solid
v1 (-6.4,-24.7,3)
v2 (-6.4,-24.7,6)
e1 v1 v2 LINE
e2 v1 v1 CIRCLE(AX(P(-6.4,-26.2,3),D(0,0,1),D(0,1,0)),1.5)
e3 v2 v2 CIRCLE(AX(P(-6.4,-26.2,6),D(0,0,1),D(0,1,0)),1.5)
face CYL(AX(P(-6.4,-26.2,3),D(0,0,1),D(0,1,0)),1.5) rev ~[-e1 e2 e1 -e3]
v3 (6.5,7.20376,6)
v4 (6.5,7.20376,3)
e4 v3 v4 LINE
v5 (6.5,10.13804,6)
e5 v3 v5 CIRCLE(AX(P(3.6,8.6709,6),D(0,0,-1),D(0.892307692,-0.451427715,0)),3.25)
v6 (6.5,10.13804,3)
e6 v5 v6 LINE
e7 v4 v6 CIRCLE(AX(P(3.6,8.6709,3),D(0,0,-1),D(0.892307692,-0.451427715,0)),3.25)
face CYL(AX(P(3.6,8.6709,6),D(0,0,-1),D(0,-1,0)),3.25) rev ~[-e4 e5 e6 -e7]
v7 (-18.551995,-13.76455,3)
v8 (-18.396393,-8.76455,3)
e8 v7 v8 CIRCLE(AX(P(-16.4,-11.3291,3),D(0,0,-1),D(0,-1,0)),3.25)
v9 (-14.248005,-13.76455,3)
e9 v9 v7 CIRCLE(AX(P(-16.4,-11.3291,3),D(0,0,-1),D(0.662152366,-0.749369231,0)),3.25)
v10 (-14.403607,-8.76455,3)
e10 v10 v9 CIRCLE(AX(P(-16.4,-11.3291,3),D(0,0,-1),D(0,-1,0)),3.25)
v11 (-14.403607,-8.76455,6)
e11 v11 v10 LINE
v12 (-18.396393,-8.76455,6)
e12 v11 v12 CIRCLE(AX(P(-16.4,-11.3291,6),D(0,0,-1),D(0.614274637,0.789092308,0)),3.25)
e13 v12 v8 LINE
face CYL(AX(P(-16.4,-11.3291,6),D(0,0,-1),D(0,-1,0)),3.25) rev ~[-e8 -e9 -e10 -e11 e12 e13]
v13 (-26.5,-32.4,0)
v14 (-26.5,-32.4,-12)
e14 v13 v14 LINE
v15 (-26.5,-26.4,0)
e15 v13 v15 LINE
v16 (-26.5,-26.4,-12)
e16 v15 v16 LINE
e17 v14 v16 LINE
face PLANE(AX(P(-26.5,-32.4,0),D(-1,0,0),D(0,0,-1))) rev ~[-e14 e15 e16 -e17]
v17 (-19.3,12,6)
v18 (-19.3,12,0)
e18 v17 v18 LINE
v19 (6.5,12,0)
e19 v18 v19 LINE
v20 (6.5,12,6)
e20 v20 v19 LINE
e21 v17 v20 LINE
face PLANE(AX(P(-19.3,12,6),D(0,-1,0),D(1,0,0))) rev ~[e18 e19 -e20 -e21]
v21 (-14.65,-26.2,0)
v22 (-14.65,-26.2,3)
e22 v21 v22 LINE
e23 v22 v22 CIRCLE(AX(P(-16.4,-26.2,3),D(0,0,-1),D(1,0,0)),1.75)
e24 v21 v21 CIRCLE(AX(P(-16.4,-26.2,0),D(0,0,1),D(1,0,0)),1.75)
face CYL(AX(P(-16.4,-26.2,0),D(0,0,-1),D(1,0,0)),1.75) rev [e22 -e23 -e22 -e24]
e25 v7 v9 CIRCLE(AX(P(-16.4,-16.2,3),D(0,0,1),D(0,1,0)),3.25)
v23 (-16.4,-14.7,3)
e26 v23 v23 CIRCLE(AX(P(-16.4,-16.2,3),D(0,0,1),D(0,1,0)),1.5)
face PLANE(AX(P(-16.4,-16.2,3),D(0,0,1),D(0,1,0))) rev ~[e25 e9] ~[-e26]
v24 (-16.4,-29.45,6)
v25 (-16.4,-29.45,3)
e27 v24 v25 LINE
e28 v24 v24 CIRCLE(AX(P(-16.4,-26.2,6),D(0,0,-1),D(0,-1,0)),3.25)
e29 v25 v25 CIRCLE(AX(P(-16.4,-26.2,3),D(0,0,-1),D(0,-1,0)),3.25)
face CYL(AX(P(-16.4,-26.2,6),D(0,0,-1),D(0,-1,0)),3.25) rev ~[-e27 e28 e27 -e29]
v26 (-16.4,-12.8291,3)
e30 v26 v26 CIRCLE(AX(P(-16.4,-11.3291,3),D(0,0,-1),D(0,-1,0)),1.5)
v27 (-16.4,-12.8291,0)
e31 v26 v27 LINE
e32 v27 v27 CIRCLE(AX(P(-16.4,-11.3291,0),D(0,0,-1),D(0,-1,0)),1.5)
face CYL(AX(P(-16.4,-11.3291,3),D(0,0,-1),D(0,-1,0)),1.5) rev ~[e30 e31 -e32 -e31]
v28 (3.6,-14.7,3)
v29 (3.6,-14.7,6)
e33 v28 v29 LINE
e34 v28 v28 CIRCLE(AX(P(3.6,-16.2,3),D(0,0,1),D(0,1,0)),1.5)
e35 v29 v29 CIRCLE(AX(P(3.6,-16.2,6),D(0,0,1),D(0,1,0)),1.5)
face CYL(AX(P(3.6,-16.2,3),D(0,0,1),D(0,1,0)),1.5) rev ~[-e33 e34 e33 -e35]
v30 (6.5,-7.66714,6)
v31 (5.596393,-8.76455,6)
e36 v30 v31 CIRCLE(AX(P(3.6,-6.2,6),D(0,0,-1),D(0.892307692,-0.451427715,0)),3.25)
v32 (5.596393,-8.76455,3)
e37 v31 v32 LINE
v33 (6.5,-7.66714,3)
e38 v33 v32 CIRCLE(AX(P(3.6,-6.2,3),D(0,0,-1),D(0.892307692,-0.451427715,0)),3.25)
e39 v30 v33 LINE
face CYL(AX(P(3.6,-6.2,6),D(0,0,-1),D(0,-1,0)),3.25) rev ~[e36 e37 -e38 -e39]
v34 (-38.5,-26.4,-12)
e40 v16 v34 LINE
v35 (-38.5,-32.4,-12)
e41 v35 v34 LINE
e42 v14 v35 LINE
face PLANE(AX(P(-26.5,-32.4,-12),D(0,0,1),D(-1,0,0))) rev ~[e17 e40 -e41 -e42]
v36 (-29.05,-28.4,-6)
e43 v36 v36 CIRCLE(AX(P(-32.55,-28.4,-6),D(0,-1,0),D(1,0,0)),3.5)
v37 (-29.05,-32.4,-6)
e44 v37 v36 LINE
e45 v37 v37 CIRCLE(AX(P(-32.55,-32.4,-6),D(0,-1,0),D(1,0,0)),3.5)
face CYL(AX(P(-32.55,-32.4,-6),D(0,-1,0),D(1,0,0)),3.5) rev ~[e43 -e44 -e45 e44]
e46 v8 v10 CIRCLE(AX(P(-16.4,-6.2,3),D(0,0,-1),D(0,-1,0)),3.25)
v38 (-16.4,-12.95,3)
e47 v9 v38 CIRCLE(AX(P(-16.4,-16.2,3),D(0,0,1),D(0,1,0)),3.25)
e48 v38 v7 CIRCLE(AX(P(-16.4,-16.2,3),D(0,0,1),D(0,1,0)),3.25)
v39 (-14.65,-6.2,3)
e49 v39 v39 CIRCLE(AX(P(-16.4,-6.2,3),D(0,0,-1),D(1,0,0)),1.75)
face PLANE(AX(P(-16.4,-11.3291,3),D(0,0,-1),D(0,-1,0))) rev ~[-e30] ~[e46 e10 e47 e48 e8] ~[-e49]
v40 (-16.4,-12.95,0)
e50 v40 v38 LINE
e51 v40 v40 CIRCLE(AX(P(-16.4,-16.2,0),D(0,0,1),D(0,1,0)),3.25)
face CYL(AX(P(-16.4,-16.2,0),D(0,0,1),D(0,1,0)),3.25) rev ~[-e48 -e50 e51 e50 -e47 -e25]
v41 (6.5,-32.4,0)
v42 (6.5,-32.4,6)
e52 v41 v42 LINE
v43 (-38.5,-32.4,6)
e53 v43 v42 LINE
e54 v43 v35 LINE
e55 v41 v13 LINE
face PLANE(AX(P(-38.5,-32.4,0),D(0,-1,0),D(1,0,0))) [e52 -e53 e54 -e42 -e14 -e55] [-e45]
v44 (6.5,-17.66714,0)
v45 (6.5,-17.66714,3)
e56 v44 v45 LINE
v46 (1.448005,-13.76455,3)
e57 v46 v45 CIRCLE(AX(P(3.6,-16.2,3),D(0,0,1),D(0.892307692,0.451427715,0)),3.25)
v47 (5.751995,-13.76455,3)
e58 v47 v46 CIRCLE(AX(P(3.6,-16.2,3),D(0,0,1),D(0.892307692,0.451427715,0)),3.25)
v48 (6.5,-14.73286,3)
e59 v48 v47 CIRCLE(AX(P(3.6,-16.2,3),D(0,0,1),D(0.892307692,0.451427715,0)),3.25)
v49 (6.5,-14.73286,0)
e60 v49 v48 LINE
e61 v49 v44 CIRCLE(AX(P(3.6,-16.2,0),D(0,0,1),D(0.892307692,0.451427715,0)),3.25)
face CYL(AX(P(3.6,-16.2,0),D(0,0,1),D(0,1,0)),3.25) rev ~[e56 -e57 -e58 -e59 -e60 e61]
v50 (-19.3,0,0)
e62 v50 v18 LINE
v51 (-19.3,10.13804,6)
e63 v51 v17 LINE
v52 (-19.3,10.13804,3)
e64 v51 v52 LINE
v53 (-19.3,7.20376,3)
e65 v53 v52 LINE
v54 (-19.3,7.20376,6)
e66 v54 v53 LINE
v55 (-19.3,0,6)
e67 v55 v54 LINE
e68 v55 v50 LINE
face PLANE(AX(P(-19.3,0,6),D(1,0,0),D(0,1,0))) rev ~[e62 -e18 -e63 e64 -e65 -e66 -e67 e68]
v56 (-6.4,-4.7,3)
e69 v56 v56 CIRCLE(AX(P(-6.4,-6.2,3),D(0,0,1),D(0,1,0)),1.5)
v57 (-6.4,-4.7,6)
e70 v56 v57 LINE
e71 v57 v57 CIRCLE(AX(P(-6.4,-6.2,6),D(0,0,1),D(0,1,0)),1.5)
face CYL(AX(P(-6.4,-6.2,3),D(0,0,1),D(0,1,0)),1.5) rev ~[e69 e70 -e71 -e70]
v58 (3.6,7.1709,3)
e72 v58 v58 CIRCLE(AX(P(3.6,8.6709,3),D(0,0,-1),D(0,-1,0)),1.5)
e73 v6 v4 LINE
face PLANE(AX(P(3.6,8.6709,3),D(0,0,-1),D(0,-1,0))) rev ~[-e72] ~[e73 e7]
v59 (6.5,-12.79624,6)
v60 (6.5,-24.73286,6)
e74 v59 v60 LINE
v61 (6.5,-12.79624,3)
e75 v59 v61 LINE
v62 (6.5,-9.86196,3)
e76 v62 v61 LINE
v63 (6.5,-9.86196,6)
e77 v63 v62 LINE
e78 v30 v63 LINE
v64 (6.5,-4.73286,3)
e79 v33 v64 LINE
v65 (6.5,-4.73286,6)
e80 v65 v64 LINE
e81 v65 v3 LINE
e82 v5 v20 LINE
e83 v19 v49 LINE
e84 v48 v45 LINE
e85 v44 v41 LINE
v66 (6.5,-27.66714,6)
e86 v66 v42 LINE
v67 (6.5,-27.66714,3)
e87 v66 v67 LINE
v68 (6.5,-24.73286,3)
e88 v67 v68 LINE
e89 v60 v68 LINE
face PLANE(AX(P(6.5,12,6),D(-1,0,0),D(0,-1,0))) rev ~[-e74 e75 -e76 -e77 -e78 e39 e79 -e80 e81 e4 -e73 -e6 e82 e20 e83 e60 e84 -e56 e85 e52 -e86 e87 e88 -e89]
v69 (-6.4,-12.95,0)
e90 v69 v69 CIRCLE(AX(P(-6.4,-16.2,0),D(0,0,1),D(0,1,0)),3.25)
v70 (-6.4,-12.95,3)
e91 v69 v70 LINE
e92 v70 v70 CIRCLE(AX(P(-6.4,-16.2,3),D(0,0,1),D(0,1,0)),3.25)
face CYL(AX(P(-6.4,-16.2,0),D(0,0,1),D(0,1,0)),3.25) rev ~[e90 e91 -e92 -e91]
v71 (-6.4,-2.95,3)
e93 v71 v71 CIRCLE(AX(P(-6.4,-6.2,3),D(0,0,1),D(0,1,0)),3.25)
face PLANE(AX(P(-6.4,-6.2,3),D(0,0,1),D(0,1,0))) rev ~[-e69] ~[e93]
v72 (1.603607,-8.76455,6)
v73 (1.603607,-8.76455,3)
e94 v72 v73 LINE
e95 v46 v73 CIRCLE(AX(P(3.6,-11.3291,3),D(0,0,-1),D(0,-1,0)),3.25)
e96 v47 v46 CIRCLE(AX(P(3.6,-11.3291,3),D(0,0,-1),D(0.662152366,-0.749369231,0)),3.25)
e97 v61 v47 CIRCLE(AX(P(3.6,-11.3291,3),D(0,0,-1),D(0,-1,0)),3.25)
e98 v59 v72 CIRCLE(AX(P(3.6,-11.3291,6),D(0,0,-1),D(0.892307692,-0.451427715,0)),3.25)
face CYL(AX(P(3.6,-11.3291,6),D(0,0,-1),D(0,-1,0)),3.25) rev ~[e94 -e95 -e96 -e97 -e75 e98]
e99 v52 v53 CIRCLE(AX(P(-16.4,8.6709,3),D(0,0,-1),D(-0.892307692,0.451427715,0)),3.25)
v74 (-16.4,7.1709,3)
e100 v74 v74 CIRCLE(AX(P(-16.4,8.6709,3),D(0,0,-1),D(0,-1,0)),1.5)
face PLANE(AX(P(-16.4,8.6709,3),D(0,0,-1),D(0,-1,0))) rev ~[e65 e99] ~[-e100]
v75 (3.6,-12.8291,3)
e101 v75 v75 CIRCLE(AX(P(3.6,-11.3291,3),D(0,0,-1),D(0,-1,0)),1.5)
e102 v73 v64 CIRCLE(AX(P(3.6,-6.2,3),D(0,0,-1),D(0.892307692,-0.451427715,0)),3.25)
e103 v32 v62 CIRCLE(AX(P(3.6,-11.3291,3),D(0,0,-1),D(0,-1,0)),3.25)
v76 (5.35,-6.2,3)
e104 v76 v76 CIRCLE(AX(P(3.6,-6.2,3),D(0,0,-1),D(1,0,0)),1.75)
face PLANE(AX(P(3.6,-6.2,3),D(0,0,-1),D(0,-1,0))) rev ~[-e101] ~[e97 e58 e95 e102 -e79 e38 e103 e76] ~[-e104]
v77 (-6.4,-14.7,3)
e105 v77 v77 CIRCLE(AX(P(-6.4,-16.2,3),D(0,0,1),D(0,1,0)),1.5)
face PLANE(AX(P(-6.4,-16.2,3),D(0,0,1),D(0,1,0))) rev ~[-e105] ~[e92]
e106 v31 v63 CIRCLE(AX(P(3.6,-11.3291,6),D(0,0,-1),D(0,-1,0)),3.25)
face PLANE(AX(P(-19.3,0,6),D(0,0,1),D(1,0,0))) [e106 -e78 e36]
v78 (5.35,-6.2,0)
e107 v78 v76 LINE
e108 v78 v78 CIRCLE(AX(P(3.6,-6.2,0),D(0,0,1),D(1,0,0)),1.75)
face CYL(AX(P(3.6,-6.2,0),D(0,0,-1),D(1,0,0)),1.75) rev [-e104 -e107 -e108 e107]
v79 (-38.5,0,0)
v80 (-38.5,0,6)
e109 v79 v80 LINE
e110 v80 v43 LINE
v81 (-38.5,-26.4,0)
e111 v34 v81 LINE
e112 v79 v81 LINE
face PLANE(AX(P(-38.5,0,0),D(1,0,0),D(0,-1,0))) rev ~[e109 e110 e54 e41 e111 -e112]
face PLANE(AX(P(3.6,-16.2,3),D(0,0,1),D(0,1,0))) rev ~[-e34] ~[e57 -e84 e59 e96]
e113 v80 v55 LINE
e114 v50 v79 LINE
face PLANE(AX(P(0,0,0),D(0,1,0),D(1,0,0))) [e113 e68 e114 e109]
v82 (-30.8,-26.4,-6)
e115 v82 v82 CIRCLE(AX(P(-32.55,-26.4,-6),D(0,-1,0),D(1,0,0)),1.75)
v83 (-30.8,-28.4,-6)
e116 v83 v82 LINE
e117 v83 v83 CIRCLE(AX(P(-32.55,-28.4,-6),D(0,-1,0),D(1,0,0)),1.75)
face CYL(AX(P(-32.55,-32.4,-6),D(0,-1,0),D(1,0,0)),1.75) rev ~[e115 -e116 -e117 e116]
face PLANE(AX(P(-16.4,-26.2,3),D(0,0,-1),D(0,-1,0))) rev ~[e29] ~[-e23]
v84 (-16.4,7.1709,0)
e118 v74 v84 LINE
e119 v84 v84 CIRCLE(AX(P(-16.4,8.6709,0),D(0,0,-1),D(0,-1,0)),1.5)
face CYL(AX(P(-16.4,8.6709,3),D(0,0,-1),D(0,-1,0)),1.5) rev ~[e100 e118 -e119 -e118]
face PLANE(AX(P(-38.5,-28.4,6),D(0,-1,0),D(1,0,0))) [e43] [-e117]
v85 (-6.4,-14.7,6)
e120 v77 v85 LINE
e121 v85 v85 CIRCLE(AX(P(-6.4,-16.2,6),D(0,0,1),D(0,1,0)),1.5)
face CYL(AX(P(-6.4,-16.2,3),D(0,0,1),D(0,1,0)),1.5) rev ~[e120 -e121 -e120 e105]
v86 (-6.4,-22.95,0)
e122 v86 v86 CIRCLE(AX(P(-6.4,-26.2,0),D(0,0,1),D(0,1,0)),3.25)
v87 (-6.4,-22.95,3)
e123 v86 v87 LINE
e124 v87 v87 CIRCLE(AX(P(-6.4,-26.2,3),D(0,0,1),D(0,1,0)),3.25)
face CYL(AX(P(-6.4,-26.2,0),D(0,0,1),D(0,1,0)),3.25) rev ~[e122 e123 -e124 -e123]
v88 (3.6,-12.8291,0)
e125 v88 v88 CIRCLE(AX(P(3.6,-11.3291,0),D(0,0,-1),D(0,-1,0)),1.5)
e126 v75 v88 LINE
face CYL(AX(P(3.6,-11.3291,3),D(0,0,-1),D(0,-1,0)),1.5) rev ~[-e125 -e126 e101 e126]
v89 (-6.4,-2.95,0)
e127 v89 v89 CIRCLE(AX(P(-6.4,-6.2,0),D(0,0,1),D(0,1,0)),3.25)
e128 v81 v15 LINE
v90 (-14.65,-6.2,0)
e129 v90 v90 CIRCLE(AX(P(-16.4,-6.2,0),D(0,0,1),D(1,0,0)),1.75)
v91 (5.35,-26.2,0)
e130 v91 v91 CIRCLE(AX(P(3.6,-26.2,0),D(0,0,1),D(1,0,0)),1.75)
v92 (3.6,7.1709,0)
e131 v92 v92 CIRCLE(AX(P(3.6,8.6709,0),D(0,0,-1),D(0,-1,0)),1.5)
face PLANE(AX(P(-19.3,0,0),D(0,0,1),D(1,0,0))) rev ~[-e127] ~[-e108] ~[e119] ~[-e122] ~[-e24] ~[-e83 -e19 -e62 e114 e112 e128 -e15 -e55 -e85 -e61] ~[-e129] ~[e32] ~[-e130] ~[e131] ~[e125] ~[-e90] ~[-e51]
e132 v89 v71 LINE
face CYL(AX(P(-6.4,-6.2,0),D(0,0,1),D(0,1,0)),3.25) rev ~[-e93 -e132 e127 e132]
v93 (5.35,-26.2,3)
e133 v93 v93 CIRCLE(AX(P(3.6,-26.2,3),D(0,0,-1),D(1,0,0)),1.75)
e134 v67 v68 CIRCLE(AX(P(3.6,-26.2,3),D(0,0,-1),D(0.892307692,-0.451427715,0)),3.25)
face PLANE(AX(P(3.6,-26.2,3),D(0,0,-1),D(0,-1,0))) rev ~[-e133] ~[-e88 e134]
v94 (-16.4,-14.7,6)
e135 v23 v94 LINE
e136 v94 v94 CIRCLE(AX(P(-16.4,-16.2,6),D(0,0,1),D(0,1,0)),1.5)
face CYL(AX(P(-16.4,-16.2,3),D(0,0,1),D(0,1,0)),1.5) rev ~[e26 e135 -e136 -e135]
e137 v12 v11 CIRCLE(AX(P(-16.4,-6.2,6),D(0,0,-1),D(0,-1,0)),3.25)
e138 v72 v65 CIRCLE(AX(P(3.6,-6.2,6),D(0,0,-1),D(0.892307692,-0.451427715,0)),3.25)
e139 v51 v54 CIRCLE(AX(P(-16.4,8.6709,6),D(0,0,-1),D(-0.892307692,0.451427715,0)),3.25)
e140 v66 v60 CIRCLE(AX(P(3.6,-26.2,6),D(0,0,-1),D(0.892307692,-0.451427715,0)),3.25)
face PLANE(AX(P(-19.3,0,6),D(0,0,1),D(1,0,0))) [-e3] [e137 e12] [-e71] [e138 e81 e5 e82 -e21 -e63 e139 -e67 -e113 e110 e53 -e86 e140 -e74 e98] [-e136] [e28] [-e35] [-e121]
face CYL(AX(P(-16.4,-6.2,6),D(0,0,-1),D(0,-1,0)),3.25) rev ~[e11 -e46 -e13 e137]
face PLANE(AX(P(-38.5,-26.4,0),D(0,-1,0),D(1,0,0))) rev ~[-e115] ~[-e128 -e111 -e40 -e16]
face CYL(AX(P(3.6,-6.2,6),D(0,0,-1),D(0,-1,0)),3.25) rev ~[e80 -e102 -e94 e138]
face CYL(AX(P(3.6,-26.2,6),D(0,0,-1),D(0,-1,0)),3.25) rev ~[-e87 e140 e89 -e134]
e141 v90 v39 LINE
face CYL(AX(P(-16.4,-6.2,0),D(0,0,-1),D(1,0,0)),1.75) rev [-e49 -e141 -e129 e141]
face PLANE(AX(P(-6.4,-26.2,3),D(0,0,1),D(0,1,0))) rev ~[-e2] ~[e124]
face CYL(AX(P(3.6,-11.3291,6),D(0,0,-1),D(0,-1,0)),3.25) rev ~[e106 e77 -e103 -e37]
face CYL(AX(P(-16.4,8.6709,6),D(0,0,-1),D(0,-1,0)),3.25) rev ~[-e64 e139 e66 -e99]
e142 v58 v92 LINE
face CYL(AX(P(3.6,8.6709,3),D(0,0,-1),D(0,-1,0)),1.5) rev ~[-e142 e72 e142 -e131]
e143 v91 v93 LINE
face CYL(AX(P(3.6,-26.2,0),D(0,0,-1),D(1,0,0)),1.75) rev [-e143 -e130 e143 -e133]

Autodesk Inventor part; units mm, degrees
ref_plane "YZ Plane" through (0, 0, 0) normal (1, 0, 0) x (0, 1, 0)
ref_plane "XZ Plane" through (0, 0, 0) normal (0, 1, 0) x (-1, 0, 0)
ref_plane "XY Plane" through (0, 0, 0) normal (0, 0, 1) x (1, 0, 0)
ref_plane "Arbeitsebene1" through (-19.3, 0, 0) normal (0, 0, 1) x (1, 0, 0)
sketch "Skizze1" plane through (-19.3, 0, 0) normal (0, 0, 1) x (1, 0, 0)
  line L0 (19.3, -32.4) -> (25.8, -32.4) projected
  line L1 (25.8, 0) -> (25.8, -32.4) projected
  line L2 (19.3, 0) -> (25.8, 0) projected
  line L3 (19.3, 0) -> (19.3, -32.4) projected
  circle A0 centre (22.9, -6.2) radius 1.75 projected
  circle A1 centre (22.9, -26.2) radius 1.75 projected
  line L4 (0, -32.4) -> (6.5, -32.4) projected
  line L5 (6.5, 0) -> (6.5, -32.4) projected
  line L6 (0, 0) -> (6.5, 0) projected
  line L7 (0, 0) -> (0, -32.4) projected
  circle A2 centre (2.9, -6.2) radius 1.75 projected
  circle A3 centre (2.9, -26.2) radius 1.75 projected
  line L8 (25.8, 0) -> (-19.2, 0)
  line L9 (-19.2, 0) -> (-19.2, -32.4)
  line L10 (-19.2, -32.4) -> (25.8, -32.4)
  line L11 (25.8, -32.4) -> (25.8, 0)
  dimension "d0" = 45
extrude "Extrusion1" add sketch "Skizze1" along normal blind 6
sketch "Skizze2" plane through (-38.5, -32.4, 0) normal (0, -1, 0) x (1, 0, 0)
  circle A0 centre (5.95, -6) radius 1.75 projected
  line L0 (0, 0) -> (45, 0) projected
  line L1 (45, 0) -> (45, 6) projected
  line L2 (0, 6) -> (45, 6) projected
  line L3 (0, 0) -> (0, 6) projected
  line L4 (45, 0) -> (0, 0) projected
  line L5 (0, 0) -> (12, 0)
  line L6 (12, 0) -> (12, -12)
  line L7 (12, -12) -> (0, -12)
  line L8 (0, -12) -> (0, 0)
  circle A1 centre (5.95, -6) radius 1.6
  point P0 (38.5, 0)
  dimension "d3" = 12
  dimension "d4" = 12
  dimension "d5" = 3.2
extrude "Extrusion2" add sketch "Skizze2" against normal blind 6 contours L0 L6 L7 L8
sketch "Skizze3" plane through (-19.3, 0, 6) normal (0, 0, 1) x (1, 0, 0)
  circle A0 centre (22.9, -6.2) radius 1.75 projected
  circle A1 centre (22.9, -26.2) radius 1.75 projected
  circle A2 centre (2.9, -26.2) radius 1.75 projected
  circle A3 centre (2.9, -6.2) radius 1.75 projected
  point P0 (19.3, 0)
hole "Bohrung1" at (3.6, -26.2, 6) at (3.6, -6.2, 6) at (-16.4, -6.2, 6) at (-16.4, -26.2, 6) direction (0, 0, -1) diameter 3 end through all counterbore diameter 6.5 counterbore depth 3
sketch "Skizze4" plane through (-19.3, 0, 0) normal (0, 0, 1) x (1, 0, 0)
  arc A0 (25.8, -24.7328) -> (25.8, -27.6672) centre (22.9, -26.2) ccw projected
  line L0 (25.8, -24.7328) -> (25.8, -7.6672) projected
  arc A1 (25.8, -4.7328) -> (25.8, -7.6672) centre (22.9, -6.2) ccw projected
  line L1 (25.8, -4.7328) -> (25.8, 0) projected
  line L2 (25.8, 0) -> (-19.2, 0) projected
  line L3 (-19.2, 0) -> (-19.2, -32.4) projected
  line L4 (-19.2, -32.4) -> (25.8, -32.4) projected
  line L5 (25.8, -32.4) -> (25.8, -27.6672) projected
  circle A2 centre (2.9, -26.2) radius 3.25 projected
  circle A3 centre (2.9, -6.2) radius 3.25 projected
  circle A4 centre (22.9, -16.2) radius 1.4
  circle A5 centre (2.9, -16.2) radius 1.4
  circle A6 centre (12.9, -16.2) radius 1.4
  circle A7 centre (12.9, -6.2) radius 1.4
  circle A8 centre (12.9, -26.2) radius 1.4
  point P0 (19.3, 0)
  dimension "d15" = 2.8
  dimension "d16" = 2.8
  dimension "d17" = 20
  dimension "d18" = 0
  dimension "d19" = 2.8
  dimension "d20" = 10
  dimension "d21" = 2.8
  dimension "d22" = 2.8
hole "Bohrung2" at (-16.4, -16.2, 0) at (-6.4, -16.2, 0) at (-6.4, -26.2, 0) at (3.6, -16.2, 0) at (-6.4, -6.2, 0) direction (0, 0, 1) diameter 3 end through all counterbore diameter 6.5 counterbore depth 3
sketch "Skizze5" plane through (-38.5, -26.4, 0) normal (0, 1, 0) x (1, 0, 0)
  point P0 (38.5, 0)
sketch "Skizze6" plane through (-38.5, -32.4, 6) normal (0, -1, 0) x (1, 0, 0)
  circle A0 centre (5.95, -12) radius 1.75 projected
  circle A1 centre (5.95, -12) radius 3.5
  point P0 (38.5, -6)
  dimension "d30" = 7
extrude "Extrusion3" cut sketch "Skizze6" against normal blind 4 contours A0 | A1
sketch "Skizze7" plane through (-19.3, 0, 6) normal (0, 0, 1) x (1, 0, 0)
  line L0 (25.8, -4.7328) -> (25.8, 0) projected
  circle A0 centre (22.9, -16.2) radius 1.5 projected
  circle A1 centre (12.9, -16.2) radius 1.5 projected
  circle A2 centre (2.9, -16.2) radius 1.5 projected
  circle A3 centre (12.9, -26.2) radius 1.5 projected
  circle A4 centre (12.9, -6.2) radius 1.5 projected
  arc A5 (25.8, -24.7328) -> (25.8, -27.6672) centre (22.9, -26.2) ccw projected
  line L1 (25.8, -24.7328) -> (25.8, -7.6672) projected
  arc A6 (25.8, -4.7328) -> (25.8, -7.6672) centre (22.9, -6.2) ccw projected
  line L2 (25.8, -4.7328) -> (25.8, 0) projected
  line L3 (25.8, 0) -> (-19.2, 0) projected
  line L4 (-19.2, 0) -> (-19.2, -32.4) projected
  line L5 (-19.2, -32.4) -> (25.8, -32.4) projected
  line L6 (25.8, -32.4) -> (25.8, -27.6672) projected
  circle A7 centre (2.9, -26.2) radius 3.25 projected
  circle A8 centre (2.9, -6.2) radius 3.25 projected
  line L7 (0, 0) -> (0, -32.4) projected
  line L8 (25.8, 0) -> (0, 0)
  line L9 (0, 0) -> (0, 12)
  line L10 (0, 12) -> (25.8, 12)
  line L11 (25.8, 12) -> (25.8, 0)
  point P0 (19.3, 0)
  dimension "d34" = 12
extrude "Extrusion4" add sketch "Skizze7" against normal blind 6 contours L3 L9 L10 L11
sketch "Skizze8" plane through (-19.3, 0, 6) normal (0, 0, 1) x (1, 0, 0)
  circle A0 centre (22.9, 8.6709) radius 1.75
  circle A1 centre (2.9, 8.6709) radius 1.75
  circle A2 centre (22.9, -11.3291) radius 1.75
  circle A3 centre (2.9, -11.3291) radius 1.5
  line L0 (-3.15, 35.6) -> (-3.15, -57.8)
  point P0 (19.3, 14.8709)
hole "Bohrung3" at (3.6, 8.6709, 6) at (3.6, -11.3291, 6) at (-16.4, 8.6709, 6) at (-16.4, -11.3291, 6) direction (0, 0, -1) diameter 3 end through all counterbore diameter 6.5 counterbore depth 3
properties part number "Gripper_linear_arm_1"
